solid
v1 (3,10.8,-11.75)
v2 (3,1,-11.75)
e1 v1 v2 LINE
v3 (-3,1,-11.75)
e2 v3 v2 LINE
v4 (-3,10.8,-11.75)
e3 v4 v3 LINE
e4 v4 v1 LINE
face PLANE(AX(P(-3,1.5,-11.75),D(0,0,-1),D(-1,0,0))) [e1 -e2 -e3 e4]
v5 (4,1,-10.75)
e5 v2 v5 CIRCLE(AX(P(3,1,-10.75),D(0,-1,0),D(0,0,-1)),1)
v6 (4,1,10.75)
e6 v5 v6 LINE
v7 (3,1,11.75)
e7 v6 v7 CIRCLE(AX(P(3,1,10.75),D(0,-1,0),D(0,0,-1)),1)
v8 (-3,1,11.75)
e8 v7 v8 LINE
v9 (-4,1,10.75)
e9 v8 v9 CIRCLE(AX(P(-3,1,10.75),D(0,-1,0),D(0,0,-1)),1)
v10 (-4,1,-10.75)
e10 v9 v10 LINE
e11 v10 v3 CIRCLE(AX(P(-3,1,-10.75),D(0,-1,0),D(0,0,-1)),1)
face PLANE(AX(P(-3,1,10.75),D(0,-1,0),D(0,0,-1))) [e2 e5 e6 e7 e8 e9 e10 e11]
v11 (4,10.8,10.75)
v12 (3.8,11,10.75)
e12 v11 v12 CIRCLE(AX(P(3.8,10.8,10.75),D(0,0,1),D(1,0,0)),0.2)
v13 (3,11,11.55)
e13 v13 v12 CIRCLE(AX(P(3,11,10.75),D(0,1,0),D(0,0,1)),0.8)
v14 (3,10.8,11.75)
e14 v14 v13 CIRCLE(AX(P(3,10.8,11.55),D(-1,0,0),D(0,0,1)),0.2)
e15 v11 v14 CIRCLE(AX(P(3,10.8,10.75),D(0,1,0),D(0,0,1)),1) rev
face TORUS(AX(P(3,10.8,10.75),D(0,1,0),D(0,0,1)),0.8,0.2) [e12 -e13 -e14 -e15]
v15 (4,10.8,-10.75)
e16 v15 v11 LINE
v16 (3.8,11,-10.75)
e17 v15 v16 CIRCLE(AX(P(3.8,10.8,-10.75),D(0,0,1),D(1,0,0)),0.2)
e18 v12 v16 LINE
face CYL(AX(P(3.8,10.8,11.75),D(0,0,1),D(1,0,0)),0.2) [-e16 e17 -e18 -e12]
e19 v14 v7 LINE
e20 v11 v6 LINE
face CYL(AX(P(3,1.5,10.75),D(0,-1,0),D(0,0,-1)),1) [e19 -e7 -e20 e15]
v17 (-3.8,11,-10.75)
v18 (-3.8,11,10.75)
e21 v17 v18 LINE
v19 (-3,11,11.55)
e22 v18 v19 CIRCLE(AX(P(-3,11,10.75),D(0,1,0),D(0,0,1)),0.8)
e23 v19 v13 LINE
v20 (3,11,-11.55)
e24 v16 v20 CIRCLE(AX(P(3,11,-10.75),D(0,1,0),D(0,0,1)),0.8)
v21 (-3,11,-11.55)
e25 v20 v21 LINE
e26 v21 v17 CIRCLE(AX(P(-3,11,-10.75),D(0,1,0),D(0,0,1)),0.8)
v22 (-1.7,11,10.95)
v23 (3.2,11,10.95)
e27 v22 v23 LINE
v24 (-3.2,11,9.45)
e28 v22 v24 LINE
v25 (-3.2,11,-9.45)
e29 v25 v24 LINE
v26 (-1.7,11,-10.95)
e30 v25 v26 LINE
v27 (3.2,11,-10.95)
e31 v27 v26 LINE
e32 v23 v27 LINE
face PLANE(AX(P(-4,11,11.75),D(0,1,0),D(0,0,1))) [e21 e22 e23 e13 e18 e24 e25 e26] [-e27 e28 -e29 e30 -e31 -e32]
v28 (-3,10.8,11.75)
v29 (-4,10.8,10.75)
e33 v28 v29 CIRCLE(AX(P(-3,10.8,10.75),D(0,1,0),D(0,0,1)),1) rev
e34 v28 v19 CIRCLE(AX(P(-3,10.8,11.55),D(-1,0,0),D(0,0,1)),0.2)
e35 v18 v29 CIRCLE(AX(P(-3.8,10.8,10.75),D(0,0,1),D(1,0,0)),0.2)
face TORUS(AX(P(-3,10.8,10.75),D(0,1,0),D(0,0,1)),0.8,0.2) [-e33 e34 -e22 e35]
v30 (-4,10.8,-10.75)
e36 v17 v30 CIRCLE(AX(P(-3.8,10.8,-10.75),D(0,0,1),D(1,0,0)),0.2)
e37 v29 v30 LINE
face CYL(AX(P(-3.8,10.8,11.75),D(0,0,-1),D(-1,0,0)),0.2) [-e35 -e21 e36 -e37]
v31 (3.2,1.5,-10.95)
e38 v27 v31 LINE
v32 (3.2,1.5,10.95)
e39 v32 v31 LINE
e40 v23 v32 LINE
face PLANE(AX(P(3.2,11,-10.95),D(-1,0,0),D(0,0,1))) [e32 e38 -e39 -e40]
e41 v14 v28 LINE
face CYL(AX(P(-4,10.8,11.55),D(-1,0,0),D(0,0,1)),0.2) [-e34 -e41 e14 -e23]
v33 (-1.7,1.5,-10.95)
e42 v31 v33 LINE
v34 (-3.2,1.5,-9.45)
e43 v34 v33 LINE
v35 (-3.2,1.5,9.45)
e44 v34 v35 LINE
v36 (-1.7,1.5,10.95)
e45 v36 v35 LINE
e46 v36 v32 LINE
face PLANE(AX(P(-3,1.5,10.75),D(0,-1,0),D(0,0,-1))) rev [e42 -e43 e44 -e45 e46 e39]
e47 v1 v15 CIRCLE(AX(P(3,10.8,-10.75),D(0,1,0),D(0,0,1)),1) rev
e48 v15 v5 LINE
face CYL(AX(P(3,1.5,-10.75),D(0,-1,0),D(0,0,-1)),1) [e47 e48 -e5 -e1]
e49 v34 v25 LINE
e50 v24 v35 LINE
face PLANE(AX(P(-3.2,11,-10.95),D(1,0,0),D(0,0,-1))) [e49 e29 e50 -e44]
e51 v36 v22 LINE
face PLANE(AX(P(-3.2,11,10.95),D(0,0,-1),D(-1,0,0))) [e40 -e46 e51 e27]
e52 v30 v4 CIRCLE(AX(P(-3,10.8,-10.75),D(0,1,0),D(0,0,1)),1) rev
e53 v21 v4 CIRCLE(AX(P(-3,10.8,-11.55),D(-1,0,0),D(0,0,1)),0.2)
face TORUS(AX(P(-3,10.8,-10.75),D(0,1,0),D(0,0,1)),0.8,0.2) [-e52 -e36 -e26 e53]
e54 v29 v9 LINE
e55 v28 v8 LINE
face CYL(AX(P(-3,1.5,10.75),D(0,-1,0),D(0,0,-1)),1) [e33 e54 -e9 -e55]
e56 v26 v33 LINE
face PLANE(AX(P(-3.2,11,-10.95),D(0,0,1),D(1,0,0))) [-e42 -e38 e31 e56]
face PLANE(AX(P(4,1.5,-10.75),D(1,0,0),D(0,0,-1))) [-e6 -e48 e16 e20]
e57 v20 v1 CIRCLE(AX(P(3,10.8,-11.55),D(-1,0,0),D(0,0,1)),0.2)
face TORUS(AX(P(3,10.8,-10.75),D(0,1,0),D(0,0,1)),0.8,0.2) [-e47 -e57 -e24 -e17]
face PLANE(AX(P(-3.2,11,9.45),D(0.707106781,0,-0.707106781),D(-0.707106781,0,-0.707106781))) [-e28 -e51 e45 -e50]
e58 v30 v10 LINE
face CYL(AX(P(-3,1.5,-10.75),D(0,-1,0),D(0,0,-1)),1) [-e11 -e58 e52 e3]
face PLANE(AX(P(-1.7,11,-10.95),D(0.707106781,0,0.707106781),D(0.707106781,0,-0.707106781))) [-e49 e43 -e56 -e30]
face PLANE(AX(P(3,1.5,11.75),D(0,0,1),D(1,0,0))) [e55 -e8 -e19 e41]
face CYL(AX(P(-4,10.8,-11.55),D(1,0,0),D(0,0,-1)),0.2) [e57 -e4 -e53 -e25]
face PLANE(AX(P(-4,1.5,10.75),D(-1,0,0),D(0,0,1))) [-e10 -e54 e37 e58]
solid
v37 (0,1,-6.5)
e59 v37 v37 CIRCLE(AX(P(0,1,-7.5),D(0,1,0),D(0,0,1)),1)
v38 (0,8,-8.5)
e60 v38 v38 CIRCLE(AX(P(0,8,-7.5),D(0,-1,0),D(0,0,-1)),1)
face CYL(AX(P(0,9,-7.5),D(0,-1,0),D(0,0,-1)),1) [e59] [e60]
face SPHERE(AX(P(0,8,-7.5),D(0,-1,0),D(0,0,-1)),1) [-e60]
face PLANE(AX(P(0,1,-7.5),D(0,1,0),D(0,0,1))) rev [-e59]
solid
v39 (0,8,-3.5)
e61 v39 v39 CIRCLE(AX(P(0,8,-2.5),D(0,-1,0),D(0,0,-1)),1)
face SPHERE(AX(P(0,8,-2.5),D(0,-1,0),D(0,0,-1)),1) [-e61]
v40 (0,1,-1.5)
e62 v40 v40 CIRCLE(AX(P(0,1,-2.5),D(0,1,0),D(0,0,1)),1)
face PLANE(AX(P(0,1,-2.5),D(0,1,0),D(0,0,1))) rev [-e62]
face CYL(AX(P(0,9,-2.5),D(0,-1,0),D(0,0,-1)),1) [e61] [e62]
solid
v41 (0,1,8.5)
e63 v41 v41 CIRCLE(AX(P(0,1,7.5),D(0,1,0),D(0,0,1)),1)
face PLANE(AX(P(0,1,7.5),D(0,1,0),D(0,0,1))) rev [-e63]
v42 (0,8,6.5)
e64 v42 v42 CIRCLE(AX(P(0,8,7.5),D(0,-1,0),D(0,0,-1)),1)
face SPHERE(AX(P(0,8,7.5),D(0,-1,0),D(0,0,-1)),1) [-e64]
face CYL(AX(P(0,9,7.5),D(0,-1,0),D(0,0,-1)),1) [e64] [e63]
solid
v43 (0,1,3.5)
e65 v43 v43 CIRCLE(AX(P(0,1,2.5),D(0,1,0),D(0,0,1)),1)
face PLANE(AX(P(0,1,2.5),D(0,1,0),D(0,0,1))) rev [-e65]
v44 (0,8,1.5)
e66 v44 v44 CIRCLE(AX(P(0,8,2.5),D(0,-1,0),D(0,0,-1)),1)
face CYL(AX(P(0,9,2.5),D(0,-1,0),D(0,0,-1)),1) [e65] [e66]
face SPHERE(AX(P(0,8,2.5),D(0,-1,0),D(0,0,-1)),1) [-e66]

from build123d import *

# Parameters (mm, degrees)
CROQUIS1_W            = 8
CROQUIS1_H            = 23.5
CROQUIS1_W_2          = 6.4
CROQUIS1_H_2          = 21.9
EXTRUIR1_DEPTH        = 11
CHAFL_N1_SIZE         = 1.5
REDONDEO1_R           = 1
REDONDEO2_R           = 0.2
EXTRUIR2_DEPTH        = 1
CROQUIS3_R            = 1
EXTRUIR4_DEPTH        = 8
EXTRUIR4_2_DEPTH      = 8
EXTRUIR4_3_DEPTH      = 8
EXTRUIR4_4_DEPTH      = 8
REDONDEO3_R           = 1
REDONDEO4_R           = 1
REDONDEO5_R           = 1
REDONDEO6_R           = 1
CROQUIS4_W            = 24.783427495
CROQUIS4_H            = 1.401443817
CORTAR_EXTRUIR1_DEPTH = 14
EXTRUIR5_DEPTH        = 0.5


with BuildPart() as part:
    # Croquis1 → Extruir1 (new body)
    with BuildSketch(Plane(origin=(0, 0, 0), x_dir=(1, 0, 0), z_dir=(0, 1, 0))):
        Rectangle(CROQUIS1_W, CROQUIS1_H)
        Rectangle(CROQUIS1_W_2, CROQUIS1_H_2, mode=Mode.SUBTRACT)
    extrude(amount=EXTRUIR1_DEPTH)

    # Chaflán1
    chafl_n1_edges = [part.edges().sort_by_distance(p)[0] for p in [
        (-3.2, 5.5, -10.95),
        (-3.2, 5.5, 10.95),
    ]]
    chamfer(chafl_n1_edges, length=CHAFL_N1_SIZE)

    # Redondeo1
    redondeo1_edges = [part.edges().sort_by_distance(p)[0] for p in [
        (-4, 5.5, -11.75),
        (4, 5.5, -11.75),
        (4, 5.5, 11.75),
        (-4, 5.5, 11.75),
    ]]
    fillet(redondeo1_edges, radius=REDONDEO1_R)

    # Redondeo2
    redondeo2_edges = [part.edges().sort_by_distance(p)[0] for p in [
        (0, 11, 11.75),
        (-4, 11, 0),
        (4, 11, 0),
        (0, 11, -11.75),
        (-3.707106781, 11, -11.457106781),
        (3.707106781, 11, -11.457106781),
        (3.707106781, 11, 11.457106781),
        (-3.707106781, 11, 11.457106781),
    ]]
    fillet(redondeo2_edges, radius=REDONDEO2_R)

    # Croquis2 → Extruir2 (add)
    with BuildSketch(Plane.XZ):
        with BuildLine():
            Line((3, 11.75), (-3, 11.75))
            ThreePointArc((-3, 11.75), (-3.707106781, 11.457106781), (-4, 10.75))
            Line((-4, 10.75), (-4, -10.75))
            ThreePointArc((-4, -10.75), (-3.707106781, -11.457106781), (-3, -11.75))
            Line((-3, -11.75), (3, -11.75))
            ThreePointArc((3, -11.75), (3.707106781, -11.457106781), (4, -10.75))
            Line((4, -10.75), (4, 10.75))
            ThreePointArc((4, 10.75), (3.707106781, 11.457106781), (3, 11.75))
        make_face()
    extrude(amount=-EXTRUIR2_DEPTH)

    # Croquis4 → Cortar-Extruir1 (cut)
    with BuildSketch(Plane.ZY.offset(4)):
        with Locations((-0.0368801, 0.299278091)):
            Rectangle(CROQUIS4_W, CROQUIS4_H)
    extrude(amount=-CORTAR_EXTRUIR1_DEPTH, mode=Mode.SUBTRACT)


with BuildPart() as body_2:
    # Croquis3 → Extruir4 (new body)
    with BuildSketch(Plane(origin=(0, 1, 0), x_dir=(-1, 0, 0), z_dir=(0, 1, 0))):
        with Locations((0, 7.5)):
            Circle(CROQUIS3_R)
    extrude(amount=EXTRUIR4_DEPTH)

    # Redondeo6
    redondeo6_edges = [body_2.edges().sort_by_distance(p)[0] for p in [
        (1, 9, 7.5),
    ]]
    fillet(redondeo6_edges, radius=REDONDEO6_R)


with BuildPart() as body_3:
    # Croquis3 → Extruir4 2 (new body)
    with BuildSketch(Plane(origin=(0, 1, 0), x_dir=(-1, 0, 0), z_dir=(0, 1, 0))):
        with Locations((0, 2.5)):
            Circle(CROQUIS3_R)
    extrude(amount=EXTRUIR4_2_DEPTH)

    # Redondeo5
    redondeo5_edges = [body_3.edges().sort_by_distance(p)[0] for p in [
        (1, 9, 2.5),
    ]]
    fillet(redondeo5_edges, radius=REDONDEO5_R)


with BuildPart() as body_4:
    # Croquis3 → Extruir4 3 (new body)
    with BuildSketch(Plane(origin=(0, 1, 0), x_dir=(-1, 0, 0), z_dir=(0, 1, 0))):
        with Locations((0, -2.5)):
            Circle(CROQUIS3_R)
    extrude(amount=EXTRUIR4_3_DEPTH)

    # Redondeo4
    redondeo4_edges = [body_4.edges().sort_by_distance(p)[0] for p in [
        (1, 9, -2.5),
    ]]
    fillet(redondeo4_edges, radius=REDONDEO4_R)


with BuildPart() as body_5:
    # Croquis3 → Extruir4 4 (new body)
    with BuildSketch(Plane(origin=(0, 1, 0), x_dir=(-1, 0, 0), z_dir=(0, 1, 0))):
        with Locations((0, -7.5)):
            Circle(CROQUIS3_R)
    extrude(amount=EXTRUIR4_4_DEPTH)

    # Redondeo3
    redondeo3_edges = [body_5.edges().sort_by_distance(p)[0] for p in [
        (1, 9, -7.5),
    ]]
    fillet(redondeo3_edges, radius=REDONDEO3_R)


with BuildPart() as body_6:
    # Croquis5 → Extruir5 (new body)
    with BuildSketch(Plane.XZ.offset(-1)):
        with BuildLine():
            Line((-4, 10.75), (-4, -10.75))
            ThreePointArc((-4, -10.75), (-3.707106781, -11.457106781), (-3, -11.75))
            Line((-3, -11.75), (3, -11.75))
            ThreePointArc((3, -11.75), (3.707106781, -11.457106781), (4, -10.75))
            Line((4, -10.75), (4, 10.75))
            ThreePointArc((4, 10.75), (3.707106781, 11.457106781), (3, 11.75))
            Line((3, 11.75), (-3, 11.75))
            ThreePointArc((-3, 11.75), (-3.707106781, 11.457106781), (-4, 10.75))
        make_face()
    extrude(amount=-EXTRUIR5_DEPTH)

    # Combinar1: union part
    add(part.part)


solid = Compound([body_2.part, body_3.part, body_4.part, body_5.part, body_6.part])
